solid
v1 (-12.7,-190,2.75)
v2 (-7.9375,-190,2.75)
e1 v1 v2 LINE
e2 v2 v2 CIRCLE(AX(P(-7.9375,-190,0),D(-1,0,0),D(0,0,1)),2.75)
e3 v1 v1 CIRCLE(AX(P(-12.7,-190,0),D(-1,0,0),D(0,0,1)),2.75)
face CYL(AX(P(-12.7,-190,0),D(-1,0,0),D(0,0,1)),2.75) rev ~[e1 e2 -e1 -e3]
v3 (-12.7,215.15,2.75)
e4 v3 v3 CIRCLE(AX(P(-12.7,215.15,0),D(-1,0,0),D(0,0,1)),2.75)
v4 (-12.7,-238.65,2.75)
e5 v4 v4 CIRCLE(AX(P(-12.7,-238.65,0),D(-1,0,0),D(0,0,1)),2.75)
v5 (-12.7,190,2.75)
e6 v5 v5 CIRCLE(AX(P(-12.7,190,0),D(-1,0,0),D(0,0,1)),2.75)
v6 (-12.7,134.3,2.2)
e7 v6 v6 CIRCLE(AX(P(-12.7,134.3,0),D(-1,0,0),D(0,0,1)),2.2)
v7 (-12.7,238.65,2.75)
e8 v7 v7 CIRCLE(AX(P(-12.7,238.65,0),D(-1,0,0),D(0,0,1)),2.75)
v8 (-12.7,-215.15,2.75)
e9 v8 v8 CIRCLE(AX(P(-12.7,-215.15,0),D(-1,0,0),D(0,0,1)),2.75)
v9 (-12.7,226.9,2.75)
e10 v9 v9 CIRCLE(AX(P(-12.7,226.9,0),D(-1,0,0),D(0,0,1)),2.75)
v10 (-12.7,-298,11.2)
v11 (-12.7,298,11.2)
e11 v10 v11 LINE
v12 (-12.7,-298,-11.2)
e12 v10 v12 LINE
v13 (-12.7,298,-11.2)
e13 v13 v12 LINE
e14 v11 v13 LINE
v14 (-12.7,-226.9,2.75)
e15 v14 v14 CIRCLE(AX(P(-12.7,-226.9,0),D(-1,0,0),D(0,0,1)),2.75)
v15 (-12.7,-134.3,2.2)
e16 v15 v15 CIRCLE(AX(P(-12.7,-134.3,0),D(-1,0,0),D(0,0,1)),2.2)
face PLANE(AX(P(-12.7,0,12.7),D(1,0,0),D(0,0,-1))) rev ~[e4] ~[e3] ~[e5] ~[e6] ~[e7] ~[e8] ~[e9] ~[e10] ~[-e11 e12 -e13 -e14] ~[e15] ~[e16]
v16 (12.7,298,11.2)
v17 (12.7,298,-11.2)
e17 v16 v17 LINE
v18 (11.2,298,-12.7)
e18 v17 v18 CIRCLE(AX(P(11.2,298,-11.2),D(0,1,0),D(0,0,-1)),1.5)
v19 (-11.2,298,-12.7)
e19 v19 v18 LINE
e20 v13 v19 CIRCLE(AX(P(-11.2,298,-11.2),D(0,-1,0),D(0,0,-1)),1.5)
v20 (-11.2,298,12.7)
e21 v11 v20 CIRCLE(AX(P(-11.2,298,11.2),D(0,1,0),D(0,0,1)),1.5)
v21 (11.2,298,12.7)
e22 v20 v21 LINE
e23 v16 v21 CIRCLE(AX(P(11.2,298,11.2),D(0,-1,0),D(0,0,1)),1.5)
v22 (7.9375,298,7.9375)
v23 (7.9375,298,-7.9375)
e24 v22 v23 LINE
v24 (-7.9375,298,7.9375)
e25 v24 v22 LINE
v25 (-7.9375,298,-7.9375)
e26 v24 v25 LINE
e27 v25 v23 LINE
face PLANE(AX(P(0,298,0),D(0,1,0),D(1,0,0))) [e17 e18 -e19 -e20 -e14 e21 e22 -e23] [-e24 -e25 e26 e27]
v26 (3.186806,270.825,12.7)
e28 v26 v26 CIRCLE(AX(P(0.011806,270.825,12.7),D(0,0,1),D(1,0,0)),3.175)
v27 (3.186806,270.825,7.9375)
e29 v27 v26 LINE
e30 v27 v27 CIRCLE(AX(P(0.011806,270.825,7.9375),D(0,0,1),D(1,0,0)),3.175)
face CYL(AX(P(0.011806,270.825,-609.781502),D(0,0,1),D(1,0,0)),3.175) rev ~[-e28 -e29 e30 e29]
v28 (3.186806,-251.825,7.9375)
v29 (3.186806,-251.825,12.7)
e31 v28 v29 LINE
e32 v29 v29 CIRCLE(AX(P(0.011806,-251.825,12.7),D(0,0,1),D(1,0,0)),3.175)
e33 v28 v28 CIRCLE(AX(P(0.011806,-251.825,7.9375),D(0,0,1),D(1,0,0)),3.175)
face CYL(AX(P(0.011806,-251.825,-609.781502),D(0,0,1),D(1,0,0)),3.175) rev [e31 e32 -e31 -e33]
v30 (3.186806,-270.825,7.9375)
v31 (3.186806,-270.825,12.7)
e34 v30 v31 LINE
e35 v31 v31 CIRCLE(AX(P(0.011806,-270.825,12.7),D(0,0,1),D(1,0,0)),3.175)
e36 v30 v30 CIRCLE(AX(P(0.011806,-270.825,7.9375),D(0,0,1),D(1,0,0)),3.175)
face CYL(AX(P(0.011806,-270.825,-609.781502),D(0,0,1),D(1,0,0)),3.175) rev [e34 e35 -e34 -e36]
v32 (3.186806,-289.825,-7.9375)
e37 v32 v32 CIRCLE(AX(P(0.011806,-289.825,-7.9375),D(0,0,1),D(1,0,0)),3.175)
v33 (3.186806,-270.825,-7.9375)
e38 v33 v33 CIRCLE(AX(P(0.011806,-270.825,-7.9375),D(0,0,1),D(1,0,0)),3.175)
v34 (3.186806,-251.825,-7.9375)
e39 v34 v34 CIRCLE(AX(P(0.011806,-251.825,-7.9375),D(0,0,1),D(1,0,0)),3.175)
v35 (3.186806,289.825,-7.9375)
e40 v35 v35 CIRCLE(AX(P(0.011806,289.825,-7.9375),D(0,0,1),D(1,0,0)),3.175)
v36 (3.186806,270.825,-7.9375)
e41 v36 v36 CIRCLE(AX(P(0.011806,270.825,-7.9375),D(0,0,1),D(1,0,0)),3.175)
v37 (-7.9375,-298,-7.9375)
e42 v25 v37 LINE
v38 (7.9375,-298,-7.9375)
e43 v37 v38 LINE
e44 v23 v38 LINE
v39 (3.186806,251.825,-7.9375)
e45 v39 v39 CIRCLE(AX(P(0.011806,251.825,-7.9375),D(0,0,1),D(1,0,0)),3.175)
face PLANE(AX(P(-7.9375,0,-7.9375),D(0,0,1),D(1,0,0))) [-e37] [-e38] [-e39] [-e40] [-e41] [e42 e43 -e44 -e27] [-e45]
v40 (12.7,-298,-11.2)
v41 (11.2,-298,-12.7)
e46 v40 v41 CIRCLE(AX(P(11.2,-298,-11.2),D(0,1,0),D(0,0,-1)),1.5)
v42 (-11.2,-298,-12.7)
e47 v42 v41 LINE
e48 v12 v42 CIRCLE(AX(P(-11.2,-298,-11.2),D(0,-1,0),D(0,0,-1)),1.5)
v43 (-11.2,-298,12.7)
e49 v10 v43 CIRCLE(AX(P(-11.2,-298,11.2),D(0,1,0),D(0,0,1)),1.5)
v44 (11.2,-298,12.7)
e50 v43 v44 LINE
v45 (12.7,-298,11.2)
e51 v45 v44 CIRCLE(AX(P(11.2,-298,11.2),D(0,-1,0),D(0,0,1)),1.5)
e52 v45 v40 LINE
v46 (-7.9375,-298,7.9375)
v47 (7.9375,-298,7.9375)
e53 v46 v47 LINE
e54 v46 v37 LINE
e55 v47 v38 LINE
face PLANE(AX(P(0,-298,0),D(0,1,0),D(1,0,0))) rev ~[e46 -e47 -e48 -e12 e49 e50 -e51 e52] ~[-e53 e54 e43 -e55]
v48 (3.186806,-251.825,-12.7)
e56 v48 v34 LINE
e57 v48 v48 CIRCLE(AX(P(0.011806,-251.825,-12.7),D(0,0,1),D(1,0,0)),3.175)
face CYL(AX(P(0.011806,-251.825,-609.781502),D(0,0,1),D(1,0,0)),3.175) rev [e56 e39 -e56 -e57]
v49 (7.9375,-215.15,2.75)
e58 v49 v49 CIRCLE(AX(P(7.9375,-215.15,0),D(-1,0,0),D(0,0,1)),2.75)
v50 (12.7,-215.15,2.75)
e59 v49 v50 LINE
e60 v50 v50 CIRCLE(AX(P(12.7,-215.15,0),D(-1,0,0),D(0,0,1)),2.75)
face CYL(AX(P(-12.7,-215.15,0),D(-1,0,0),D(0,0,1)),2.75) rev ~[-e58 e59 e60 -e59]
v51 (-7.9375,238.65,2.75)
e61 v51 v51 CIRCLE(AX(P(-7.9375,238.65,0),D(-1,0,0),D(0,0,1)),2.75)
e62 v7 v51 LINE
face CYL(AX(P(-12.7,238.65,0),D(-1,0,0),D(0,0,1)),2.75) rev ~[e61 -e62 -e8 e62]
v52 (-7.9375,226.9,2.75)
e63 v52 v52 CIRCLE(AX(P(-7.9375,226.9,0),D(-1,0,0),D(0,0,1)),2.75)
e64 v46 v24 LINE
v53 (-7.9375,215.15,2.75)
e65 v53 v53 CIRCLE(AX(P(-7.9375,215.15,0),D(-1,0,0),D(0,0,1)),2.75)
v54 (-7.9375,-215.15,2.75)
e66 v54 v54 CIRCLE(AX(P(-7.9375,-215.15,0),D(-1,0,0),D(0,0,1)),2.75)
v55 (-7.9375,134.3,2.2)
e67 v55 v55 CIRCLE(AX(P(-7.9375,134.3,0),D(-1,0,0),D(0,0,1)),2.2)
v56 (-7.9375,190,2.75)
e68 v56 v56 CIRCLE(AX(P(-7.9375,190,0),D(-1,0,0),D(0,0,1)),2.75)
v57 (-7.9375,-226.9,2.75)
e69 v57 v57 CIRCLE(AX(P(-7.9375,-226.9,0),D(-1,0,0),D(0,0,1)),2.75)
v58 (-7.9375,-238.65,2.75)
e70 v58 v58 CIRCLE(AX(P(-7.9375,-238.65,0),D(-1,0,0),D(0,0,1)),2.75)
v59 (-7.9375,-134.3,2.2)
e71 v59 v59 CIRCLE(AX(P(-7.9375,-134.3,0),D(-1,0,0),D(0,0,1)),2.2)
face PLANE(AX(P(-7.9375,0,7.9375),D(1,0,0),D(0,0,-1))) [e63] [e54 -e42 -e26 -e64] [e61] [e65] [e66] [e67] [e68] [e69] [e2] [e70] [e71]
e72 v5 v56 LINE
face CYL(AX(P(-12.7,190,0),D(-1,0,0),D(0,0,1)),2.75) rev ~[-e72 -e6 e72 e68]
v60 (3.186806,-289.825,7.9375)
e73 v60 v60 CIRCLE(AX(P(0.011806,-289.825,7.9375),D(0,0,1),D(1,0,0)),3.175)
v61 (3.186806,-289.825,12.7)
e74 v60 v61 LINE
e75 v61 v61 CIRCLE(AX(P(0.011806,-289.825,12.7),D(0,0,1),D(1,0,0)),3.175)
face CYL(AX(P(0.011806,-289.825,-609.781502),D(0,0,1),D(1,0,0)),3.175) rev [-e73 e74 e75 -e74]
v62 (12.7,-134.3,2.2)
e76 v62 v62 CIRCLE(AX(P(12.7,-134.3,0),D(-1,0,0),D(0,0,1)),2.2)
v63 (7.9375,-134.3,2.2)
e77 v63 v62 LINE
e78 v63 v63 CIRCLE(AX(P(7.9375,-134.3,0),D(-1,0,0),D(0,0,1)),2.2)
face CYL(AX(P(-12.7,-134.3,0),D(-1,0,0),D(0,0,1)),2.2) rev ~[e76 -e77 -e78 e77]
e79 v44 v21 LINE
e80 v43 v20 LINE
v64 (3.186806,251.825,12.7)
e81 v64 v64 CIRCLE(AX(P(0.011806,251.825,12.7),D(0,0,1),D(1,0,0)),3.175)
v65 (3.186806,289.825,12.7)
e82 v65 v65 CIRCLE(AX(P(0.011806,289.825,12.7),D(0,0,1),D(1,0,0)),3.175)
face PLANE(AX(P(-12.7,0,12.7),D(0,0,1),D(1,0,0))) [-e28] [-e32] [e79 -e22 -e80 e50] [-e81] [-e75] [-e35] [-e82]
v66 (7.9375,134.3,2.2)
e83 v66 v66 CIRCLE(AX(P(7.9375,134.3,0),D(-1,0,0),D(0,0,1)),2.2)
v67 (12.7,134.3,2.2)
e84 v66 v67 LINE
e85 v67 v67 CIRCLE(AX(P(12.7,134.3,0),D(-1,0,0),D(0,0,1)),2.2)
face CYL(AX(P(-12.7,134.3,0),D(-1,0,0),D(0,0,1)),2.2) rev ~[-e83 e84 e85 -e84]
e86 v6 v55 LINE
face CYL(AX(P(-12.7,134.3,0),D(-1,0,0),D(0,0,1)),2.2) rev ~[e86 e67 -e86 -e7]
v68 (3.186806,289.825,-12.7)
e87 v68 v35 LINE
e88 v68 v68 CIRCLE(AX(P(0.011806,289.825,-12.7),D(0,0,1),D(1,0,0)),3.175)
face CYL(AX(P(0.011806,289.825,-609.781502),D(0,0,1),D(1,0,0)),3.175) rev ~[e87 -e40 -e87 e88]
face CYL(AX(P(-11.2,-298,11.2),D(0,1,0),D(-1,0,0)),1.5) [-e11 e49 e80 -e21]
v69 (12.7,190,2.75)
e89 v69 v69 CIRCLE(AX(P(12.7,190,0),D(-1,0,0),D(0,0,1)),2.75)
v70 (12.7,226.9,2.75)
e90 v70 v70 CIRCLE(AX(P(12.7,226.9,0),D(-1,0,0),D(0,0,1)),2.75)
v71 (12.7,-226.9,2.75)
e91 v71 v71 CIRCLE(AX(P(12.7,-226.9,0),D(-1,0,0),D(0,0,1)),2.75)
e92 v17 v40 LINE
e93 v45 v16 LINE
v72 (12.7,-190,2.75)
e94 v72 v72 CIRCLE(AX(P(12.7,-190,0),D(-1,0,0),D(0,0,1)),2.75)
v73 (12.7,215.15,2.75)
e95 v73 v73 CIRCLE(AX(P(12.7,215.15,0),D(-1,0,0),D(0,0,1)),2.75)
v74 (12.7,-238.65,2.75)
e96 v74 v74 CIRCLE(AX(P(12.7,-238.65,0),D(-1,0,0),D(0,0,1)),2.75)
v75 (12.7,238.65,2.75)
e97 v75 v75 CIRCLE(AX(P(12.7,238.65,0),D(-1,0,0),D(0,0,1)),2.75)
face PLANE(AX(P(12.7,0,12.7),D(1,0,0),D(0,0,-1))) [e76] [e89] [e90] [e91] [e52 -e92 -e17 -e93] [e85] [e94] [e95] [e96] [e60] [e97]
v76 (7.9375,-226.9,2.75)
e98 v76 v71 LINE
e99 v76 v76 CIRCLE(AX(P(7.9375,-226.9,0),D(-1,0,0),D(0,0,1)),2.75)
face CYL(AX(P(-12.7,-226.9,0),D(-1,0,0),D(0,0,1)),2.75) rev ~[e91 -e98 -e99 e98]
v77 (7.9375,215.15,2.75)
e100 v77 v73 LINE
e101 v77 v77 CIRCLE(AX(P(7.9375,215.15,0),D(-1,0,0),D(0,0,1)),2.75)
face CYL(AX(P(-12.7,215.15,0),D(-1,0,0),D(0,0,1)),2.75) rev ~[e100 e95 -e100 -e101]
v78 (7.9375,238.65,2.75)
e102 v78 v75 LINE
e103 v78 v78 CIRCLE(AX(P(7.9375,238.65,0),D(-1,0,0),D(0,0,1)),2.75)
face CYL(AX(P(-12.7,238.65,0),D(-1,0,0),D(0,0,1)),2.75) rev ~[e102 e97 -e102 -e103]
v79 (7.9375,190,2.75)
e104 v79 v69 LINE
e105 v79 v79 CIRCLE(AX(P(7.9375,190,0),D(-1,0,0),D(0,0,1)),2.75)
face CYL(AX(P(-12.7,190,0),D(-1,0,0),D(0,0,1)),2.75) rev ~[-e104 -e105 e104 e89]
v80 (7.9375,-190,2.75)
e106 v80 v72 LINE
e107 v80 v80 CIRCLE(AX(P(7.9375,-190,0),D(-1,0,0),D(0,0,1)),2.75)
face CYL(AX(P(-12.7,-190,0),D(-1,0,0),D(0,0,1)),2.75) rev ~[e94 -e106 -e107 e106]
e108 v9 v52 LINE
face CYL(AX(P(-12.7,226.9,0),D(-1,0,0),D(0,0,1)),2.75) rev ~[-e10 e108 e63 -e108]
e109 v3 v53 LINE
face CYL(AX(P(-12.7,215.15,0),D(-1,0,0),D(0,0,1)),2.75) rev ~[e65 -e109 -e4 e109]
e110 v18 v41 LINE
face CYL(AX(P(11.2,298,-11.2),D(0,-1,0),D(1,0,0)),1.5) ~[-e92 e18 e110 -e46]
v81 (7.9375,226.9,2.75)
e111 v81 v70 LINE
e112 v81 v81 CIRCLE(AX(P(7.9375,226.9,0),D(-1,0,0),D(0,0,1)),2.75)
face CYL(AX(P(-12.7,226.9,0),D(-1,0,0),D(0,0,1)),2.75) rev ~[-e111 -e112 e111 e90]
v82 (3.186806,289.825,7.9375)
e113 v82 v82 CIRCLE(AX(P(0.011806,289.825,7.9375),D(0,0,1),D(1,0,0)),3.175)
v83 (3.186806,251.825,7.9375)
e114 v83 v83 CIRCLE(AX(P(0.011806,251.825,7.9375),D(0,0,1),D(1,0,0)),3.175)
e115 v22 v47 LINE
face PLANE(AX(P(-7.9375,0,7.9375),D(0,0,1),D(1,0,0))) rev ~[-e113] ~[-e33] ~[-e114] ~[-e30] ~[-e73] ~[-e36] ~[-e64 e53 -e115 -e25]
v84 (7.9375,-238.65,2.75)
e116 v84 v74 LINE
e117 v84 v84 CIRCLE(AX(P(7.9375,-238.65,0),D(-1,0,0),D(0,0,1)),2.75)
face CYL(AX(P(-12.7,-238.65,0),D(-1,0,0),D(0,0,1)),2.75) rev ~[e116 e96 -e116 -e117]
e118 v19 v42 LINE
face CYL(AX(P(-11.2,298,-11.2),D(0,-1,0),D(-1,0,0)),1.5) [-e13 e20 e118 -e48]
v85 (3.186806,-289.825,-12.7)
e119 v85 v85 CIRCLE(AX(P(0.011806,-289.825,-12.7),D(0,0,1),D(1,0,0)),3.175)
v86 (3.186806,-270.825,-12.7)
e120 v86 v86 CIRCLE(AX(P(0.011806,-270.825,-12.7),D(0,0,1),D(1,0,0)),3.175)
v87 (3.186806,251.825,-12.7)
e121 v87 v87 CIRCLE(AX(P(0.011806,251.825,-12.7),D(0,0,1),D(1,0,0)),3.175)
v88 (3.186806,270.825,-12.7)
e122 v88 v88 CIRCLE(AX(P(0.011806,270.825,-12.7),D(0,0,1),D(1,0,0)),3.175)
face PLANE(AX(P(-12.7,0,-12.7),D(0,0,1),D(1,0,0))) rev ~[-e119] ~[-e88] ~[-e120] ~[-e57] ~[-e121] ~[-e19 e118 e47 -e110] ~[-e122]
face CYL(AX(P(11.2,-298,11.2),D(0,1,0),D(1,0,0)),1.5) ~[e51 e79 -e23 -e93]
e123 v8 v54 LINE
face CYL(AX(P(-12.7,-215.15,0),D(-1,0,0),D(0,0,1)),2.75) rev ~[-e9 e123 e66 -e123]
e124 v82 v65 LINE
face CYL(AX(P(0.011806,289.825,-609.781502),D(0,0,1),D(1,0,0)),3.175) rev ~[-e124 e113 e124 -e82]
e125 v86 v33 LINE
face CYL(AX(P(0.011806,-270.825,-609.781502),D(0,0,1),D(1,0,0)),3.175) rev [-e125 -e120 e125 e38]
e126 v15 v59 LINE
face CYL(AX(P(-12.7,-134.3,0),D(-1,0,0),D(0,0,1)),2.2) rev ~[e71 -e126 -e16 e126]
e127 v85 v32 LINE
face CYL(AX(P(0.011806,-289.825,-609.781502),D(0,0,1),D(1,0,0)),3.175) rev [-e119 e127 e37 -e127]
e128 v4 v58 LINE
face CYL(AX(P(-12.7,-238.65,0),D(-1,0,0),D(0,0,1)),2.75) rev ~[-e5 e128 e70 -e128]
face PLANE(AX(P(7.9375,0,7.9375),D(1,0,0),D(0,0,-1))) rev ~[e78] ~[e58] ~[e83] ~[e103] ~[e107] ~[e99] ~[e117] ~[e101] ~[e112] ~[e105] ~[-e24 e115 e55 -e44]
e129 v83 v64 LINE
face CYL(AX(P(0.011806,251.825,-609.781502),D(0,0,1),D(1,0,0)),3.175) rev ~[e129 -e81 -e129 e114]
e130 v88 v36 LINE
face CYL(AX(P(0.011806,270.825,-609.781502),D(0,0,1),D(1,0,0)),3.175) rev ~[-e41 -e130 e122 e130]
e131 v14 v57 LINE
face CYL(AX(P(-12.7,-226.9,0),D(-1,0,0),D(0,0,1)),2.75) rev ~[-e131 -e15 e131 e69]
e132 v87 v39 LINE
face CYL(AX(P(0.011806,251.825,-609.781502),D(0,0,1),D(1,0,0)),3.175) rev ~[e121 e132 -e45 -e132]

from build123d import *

# Parameters (mm, degrees)
SKETCH1_W                   = 25.4
SKETCH1_H                   = 25.4
SKETCH1_W_2                 = 15.875
SKETCH1_H_2                 = 15.875
BOSS_EXTRUDE1_DEPTH         = 298
FILLET1_R                   = 1.5
F_1_4_0_25_DIAMETER_HOLE1_D = 6.35
SKETCH4_R                   = 2.2
SKETCH4_R_2                 = 2.75
CUT_EXTRUDE1_DEPTH          = 26.4


with BuildPart() as part:
    # Sketch1 → Boss-Extrude1 (new body, symmetric)
    with BuildSketch(Plane(origin=(0, 0, 0), x_dir=(1, 0, 0), z_dir=(0, 1, 0))):
        Rectangle(SKETCH1_W, SKETCH1_H)
        Rectangle(SKETCH1_W_2, SKETCH1_H_2, mode=Mode.SUBTRACT)
    extrude(amount=BOSS_EXTRUDE1_DEPTH, both=True)

    # Fillet1
    fillet1_edges = [part.edges().sort_by_distance(p)[0] for p in [
        (12.7, 0, 12.7),
        (-12.7, 0, 12.7),
        (-12.7, 0, -12.7),
        (12.7, 0, -12.7),
    ]]
    fillet(fillet1_edges, radius=FILLET1_R)

    # 1/4 (0.25) Diameter Hole1 (through all)
    with Locations(Plane(origin=(0.011805537, 289.825, -12.7), x_dir=(-1, 0, 0), z_dir=(0, 0, -1))):
        with Locations((0, 0), (0, -19), (0, -38)):
            f_1_4_0_25_diameter_hole1 = Hole(F_1_4_0_25_DIAMETER_HOLE1_D / 2)

    # Mirror1: 1/4 (0.25) Diameter Hole1 across plane
    add(f_1_4_0_25_diameter_hole1.mirror(Plane.ZX), mode=Mode.SUBTRACT)

    # Sketch4 → Cut-Extrude1 (cut, through all)
    with BuildSketch(Plane.ZY.offset(12.7)):
        with Locations((0, 134.3)):
            Circle(SKETCH4_R)
        with Locations((0, -134.3)):
            Circle(SKETCH4_R)
        with Locations((0, 238.65)):
            Circle(SKETCH4_R_2)
        with Locations((0, 226.9)):
            Circle(SKETCH4_R_2)
        with Locations((0, 215.15)):
            Circle(SKETCH4_R_2)
        with Locations((0, -215.15)):
            Circle(SKETCH4_R_2)
        with Locations((0, -226.9)):
            Circle(SKETCH4_R_2)
        with Locations((0, -238.65)):
            Circle(SKETCH4_R_2)
        with Locations((0, 190)):
            Circle(SKETCH4_R_2)
        with Locations((0, -190)):
            Circle(SKETCH4_R_2)
    extrude(amount=-CUT_EXTRUDE1_DEPTH, mode=Mode.SUBTRACT)


solid = part.part
